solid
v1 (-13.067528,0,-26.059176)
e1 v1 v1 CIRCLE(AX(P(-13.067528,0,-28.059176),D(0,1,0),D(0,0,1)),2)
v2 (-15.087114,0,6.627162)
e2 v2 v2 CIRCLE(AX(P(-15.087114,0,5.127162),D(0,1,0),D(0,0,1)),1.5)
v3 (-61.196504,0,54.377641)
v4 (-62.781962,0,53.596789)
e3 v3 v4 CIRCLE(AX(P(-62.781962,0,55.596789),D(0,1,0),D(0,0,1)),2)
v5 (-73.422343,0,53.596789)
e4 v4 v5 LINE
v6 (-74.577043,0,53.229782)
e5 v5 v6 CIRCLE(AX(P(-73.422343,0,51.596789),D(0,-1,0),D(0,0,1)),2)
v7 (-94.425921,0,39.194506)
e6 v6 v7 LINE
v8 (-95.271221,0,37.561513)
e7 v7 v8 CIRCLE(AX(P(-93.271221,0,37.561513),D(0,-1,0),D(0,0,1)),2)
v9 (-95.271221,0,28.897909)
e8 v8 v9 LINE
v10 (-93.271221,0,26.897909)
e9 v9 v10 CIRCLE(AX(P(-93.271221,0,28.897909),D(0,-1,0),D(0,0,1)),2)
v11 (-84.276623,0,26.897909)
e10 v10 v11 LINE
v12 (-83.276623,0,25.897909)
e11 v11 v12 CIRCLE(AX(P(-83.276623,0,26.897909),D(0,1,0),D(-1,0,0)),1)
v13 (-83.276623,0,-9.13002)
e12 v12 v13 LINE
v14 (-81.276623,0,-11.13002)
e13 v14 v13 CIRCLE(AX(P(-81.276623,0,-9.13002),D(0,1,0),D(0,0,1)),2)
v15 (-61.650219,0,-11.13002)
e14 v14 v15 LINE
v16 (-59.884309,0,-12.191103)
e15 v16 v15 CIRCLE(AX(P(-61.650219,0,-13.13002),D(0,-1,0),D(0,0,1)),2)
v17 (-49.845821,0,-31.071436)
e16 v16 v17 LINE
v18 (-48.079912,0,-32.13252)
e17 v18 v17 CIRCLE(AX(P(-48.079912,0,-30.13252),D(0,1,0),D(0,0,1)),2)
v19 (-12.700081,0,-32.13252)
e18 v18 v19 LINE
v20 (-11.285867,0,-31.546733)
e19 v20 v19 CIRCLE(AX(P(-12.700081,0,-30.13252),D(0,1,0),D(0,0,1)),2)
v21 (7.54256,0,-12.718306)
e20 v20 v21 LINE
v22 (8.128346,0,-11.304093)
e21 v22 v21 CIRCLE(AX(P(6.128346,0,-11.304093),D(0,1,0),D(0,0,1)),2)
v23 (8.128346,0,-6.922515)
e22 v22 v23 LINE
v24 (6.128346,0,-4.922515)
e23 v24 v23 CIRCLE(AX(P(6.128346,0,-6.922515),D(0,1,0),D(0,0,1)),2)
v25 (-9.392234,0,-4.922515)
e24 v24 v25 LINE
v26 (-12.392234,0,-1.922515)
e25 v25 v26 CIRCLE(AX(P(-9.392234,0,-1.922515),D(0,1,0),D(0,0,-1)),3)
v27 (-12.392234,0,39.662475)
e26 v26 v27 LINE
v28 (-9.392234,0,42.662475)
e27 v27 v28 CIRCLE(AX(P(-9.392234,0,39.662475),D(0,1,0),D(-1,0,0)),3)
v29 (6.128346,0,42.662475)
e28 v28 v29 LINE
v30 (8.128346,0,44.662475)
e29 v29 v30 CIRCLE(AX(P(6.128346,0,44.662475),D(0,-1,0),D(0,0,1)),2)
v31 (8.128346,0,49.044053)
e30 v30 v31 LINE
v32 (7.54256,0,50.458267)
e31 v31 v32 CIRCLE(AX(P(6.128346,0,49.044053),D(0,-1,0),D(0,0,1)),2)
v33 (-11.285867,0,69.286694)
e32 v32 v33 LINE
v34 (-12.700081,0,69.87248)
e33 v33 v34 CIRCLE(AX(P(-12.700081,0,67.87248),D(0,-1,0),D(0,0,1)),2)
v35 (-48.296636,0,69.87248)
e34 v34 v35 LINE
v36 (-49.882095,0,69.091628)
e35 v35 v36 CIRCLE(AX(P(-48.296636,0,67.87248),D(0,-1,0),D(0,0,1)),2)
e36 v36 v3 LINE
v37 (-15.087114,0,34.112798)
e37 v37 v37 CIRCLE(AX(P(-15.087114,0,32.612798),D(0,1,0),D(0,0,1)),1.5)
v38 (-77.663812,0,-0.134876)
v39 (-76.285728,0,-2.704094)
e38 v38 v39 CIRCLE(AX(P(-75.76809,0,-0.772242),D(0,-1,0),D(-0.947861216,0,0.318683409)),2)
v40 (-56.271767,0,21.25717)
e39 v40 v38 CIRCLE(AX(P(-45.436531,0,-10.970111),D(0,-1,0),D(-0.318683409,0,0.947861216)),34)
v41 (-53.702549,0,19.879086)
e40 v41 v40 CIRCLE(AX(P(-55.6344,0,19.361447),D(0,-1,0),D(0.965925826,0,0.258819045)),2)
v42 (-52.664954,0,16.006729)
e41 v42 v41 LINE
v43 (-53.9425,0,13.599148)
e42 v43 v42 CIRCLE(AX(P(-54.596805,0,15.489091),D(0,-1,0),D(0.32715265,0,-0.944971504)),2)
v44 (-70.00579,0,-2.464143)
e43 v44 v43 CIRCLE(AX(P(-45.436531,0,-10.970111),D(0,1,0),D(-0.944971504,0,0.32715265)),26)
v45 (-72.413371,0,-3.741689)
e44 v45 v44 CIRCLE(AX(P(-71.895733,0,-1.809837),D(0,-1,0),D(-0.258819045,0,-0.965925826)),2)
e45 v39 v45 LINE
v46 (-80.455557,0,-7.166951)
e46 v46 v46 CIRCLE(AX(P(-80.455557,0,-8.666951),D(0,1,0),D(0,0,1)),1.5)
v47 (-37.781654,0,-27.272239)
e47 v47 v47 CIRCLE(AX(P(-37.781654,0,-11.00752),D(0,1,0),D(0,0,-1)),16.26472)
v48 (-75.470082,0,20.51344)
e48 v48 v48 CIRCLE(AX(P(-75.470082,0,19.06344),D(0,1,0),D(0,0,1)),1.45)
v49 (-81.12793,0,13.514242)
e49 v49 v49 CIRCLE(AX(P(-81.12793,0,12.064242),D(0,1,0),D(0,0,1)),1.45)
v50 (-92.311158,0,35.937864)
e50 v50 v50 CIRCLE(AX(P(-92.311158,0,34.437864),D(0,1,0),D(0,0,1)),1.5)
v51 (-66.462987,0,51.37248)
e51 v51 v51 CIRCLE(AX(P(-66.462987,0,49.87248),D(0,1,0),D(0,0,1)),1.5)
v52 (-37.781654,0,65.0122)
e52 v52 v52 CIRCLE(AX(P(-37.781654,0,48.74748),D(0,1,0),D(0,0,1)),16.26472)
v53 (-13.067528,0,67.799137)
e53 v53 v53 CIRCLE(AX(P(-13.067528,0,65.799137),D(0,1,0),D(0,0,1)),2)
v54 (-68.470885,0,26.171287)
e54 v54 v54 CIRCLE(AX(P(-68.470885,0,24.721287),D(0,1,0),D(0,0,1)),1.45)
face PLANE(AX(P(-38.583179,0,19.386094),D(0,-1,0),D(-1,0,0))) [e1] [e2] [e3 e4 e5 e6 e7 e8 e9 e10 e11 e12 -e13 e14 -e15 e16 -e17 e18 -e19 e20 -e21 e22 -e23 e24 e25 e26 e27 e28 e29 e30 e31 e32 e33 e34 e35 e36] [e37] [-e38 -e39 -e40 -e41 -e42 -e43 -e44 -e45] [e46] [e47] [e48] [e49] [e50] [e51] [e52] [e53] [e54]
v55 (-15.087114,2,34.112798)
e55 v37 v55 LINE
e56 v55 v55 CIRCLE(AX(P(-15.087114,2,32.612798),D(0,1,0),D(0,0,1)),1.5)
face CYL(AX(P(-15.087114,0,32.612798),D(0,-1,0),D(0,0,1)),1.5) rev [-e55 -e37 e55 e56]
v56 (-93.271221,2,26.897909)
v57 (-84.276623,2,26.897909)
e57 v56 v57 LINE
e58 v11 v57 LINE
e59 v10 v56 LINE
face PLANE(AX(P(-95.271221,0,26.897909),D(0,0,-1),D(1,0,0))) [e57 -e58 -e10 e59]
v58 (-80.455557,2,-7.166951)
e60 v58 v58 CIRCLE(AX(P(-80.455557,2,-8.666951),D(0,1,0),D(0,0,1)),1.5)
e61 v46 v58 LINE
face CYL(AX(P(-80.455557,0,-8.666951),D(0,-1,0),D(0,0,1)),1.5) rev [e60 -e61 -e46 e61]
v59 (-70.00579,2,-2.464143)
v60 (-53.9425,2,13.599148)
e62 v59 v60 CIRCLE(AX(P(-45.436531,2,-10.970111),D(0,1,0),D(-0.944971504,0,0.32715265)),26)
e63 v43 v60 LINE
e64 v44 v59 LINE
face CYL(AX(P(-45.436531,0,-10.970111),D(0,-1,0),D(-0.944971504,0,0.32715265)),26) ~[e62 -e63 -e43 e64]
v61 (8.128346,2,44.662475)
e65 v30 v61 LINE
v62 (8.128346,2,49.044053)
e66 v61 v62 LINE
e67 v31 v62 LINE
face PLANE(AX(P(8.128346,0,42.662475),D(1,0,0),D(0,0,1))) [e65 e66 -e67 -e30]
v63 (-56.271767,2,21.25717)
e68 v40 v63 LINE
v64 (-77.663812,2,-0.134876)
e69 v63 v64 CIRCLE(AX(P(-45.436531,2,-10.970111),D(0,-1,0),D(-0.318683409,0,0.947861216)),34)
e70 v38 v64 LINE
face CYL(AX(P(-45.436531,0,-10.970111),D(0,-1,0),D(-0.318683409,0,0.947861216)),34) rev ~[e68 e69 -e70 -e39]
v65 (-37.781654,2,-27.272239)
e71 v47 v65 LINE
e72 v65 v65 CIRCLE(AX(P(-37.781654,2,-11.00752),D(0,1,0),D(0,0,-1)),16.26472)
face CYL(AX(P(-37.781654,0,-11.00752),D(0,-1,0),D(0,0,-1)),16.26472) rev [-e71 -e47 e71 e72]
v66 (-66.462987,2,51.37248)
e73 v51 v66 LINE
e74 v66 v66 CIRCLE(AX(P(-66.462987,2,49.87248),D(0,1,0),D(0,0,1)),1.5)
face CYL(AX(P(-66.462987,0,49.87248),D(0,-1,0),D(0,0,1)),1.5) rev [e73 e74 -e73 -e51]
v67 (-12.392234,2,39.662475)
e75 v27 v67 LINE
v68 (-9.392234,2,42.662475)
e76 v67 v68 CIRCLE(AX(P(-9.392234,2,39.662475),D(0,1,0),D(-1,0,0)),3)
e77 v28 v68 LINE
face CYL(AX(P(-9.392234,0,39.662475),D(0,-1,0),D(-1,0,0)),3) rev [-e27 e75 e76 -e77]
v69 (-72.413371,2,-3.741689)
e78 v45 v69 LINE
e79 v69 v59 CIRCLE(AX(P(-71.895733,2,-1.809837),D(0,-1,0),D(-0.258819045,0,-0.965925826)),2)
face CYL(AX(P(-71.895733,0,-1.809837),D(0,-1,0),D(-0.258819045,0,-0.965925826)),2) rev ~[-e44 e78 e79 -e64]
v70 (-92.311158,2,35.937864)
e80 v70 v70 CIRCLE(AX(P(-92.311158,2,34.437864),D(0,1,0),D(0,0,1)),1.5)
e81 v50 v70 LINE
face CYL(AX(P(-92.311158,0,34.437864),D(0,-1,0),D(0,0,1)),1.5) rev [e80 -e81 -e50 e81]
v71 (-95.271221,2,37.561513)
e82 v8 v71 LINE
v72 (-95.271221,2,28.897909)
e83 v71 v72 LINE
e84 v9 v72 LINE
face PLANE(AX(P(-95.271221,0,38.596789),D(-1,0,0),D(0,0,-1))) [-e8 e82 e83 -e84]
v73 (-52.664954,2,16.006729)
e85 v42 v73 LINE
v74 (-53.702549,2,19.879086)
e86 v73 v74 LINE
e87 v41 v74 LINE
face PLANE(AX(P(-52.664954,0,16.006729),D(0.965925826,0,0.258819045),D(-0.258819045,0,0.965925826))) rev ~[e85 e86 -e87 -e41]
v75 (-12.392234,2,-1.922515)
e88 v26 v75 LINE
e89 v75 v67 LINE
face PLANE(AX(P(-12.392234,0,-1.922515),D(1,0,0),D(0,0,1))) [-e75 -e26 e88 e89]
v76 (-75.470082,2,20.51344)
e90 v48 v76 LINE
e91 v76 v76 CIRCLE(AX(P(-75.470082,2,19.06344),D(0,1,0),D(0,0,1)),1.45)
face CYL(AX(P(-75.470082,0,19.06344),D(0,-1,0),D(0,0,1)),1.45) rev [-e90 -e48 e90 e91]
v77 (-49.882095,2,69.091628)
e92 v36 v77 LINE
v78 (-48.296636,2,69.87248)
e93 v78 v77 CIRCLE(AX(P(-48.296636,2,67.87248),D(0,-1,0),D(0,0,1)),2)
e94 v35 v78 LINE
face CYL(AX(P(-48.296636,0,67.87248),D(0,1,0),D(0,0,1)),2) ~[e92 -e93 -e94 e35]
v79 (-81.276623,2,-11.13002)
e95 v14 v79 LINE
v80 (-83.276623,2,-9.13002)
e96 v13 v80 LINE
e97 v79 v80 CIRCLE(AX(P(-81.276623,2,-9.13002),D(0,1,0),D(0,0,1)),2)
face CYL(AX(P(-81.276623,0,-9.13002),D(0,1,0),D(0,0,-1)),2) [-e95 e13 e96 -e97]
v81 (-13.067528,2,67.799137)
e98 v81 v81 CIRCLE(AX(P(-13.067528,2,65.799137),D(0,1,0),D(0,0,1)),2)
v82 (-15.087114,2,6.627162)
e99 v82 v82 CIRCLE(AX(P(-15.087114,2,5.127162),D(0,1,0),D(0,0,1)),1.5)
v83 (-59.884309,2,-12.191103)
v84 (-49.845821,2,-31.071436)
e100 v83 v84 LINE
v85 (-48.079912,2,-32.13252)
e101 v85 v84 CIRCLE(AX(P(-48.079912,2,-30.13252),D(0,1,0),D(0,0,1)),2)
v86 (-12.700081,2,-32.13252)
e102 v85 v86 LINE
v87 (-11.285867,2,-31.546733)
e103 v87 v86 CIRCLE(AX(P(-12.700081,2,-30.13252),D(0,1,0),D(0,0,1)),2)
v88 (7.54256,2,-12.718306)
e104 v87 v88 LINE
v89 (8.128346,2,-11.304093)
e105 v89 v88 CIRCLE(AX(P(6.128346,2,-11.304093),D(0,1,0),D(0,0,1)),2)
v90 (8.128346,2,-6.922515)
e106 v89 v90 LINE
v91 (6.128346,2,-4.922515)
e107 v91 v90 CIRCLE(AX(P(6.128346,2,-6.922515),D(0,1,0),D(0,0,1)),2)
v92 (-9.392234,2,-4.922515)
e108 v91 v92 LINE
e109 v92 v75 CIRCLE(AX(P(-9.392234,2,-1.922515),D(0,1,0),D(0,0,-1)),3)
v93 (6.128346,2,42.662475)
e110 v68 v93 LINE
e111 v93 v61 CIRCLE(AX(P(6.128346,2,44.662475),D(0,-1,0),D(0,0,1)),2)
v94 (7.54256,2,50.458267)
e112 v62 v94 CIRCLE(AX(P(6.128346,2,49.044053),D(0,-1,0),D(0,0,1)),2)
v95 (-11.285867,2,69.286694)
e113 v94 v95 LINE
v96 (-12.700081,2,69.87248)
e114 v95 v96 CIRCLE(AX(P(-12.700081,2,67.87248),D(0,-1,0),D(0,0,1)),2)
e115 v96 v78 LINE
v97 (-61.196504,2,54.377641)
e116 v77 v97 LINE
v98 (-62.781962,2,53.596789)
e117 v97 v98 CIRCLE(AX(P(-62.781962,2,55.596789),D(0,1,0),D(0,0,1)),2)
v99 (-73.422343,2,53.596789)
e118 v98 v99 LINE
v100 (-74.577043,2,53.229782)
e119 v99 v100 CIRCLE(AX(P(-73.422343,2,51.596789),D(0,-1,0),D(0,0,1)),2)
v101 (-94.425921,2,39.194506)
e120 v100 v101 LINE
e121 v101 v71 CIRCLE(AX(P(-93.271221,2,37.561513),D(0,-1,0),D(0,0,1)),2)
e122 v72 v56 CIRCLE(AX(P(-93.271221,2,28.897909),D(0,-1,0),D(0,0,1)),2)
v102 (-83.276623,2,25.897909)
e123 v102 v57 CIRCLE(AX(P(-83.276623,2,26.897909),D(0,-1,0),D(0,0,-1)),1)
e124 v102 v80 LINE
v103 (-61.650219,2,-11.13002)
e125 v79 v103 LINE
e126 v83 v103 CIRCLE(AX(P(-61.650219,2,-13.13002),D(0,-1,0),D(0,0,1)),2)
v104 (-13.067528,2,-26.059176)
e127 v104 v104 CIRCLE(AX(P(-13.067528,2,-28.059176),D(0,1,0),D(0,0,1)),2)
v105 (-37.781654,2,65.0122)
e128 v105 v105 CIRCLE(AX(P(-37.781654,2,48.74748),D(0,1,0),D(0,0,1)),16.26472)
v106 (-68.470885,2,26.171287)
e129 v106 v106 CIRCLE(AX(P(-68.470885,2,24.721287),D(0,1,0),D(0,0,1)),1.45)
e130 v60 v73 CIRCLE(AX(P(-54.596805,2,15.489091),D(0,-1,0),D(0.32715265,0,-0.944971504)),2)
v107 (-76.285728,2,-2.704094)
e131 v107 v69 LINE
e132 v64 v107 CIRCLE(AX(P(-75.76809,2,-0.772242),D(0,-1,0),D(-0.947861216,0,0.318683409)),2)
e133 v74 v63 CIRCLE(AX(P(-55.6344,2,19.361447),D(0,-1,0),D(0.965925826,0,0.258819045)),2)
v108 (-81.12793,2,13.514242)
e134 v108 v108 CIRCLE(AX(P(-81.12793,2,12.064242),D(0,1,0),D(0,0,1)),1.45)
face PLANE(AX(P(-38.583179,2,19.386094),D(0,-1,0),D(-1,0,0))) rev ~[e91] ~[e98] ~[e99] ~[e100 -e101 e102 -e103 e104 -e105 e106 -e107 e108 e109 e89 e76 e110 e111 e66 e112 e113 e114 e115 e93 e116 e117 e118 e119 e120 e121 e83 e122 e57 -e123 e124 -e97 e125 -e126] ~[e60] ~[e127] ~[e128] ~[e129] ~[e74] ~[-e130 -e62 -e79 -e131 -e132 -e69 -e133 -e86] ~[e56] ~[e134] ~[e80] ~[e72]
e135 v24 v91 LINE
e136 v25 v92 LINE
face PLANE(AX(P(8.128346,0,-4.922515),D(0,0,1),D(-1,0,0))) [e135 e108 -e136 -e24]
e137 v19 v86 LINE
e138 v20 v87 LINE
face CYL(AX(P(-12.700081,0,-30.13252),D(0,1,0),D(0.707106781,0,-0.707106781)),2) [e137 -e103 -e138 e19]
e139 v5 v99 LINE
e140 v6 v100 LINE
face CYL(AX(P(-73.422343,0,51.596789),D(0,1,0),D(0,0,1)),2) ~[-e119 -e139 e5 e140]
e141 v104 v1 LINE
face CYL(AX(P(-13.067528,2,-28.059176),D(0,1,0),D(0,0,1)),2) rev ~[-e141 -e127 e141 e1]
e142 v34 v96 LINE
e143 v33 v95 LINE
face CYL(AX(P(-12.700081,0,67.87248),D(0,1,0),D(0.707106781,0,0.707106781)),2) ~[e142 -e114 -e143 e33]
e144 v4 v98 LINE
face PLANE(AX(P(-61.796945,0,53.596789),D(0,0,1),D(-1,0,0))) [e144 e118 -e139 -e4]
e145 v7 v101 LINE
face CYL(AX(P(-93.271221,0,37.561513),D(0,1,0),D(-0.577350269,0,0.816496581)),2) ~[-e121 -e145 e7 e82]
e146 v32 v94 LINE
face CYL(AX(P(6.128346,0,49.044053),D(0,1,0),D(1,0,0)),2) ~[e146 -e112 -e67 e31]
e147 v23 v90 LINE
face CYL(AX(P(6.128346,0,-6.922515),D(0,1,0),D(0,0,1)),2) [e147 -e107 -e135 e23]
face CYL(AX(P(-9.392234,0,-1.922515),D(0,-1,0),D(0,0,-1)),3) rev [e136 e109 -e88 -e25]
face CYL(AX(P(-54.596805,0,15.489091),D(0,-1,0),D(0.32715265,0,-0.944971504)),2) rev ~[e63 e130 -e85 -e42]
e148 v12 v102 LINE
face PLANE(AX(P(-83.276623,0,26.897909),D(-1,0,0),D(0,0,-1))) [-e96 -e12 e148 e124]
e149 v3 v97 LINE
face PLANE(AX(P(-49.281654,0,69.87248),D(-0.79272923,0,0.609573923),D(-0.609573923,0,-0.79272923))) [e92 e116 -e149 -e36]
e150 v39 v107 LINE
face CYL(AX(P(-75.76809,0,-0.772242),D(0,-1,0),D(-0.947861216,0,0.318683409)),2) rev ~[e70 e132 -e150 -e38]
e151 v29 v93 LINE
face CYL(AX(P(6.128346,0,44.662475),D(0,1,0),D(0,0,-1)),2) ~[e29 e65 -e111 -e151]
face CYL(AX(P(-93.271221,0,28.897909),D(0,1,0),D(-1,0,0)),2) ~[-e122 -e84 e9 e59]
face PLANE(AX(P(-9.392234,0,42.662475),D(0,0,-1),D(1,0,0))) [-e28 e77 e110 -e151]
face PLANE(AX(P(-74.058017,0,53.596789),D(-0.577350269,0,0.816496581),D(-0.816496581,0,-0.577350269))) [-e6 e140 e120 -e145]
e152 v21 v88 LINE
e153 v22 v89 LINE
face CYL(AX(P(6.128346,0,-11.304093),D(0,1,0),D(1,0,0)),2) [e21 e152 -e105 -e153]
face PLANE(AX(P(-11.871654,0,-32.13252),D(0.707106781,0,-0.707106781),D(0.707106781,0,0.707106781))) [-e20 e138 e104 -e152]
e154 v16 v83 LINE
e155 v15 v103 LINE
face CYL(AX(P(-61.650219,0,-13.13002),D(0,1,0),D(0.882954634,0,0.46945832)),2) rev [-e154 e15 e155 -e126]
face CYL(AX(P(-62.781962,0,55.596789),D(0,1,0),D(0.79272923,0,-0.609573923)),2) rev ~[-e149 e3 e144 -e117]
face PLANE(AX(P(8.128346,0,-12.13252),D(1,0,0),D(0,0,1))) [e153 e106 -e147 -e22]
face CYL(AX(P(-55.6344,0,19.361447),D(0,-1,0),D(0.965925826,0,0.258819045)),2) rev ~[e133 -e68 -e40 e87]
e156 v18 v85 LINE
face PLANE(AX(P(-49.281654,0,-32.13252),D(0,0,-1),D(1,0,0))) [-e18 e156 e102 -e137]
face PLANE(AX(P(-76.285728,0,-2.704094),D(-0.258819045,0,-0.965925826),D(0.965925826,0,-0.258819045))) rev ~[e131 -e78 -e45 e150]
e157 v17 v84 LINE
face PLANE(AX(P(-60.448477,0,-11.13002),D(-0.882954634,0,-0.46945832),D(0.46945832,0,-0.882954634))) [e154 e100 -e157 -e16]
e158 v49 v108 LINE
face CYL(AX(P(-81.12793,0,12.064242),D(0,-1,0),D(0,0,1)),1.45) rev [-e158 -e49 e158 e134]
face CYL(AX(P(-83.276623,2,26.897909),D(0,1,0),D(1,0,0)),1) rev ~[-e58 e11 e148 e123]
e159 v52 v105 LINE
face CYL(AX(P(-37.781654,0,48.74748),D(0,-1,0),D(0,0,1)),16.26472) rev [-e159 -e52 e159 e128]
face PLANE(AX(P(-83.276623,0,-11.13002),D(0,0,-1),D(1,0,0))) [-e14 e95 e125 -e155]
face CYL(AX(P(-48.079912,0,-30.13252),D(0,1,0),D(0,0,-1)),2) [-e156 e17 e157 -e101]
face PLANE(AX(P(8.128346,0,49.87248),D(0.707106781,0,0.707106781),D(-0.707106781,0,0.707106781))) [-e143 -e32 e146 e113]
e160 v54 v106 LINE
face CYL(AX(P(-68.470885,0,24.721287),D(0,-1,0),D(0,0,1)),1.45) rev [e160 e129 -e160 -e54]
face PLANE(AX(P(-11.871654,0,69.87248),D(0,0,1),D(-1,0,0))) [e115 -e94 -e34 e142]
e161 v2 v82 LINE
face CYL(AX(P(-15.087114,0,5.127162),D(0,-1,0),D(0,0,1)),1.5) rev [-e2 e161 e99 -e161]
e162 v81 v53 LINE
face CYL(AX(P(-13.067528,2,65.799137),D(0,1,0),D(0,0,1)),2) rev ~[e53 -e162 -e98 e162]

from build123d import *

# Parameters (mm, degrees)
SKETCH1_R           = 16.264719519
SKETCH1_R_2         = 1.5
SKETCH1_R_3         = 1.45
BOSS_EXTRUDE1_DEPTH = 2
SKETCH2_R           = 2
CUT_EXTRUDE1_DEPTH  = 119.16416129
FILLET1_R           = 2
SKETCH3_R           = 1
CUT_EXTRUDE2_DEPTH  = 10


with BuildPart() as part:
    # Sketch1 → Boss-Extrude1 (new body)
    with BuildSketch(Plane(origin=(0, 0, 0), x_dir=(1, 0, 0), z_dir=(0, 1, 0))):
        with BuildLine():
            Line((-12.392234006, -6.981301864), (-12.392234006, -30.758658484))
            Line((-12.392234006, -30.758658484), (-12.392234006, -37.869980174))
            Line((-12.392234006, -37.869980174), (-12.392234006, -39.662475092))
            ThreePointArc((-12.392234006, -39.662475092), (-11.513554349, -41.783795436), (-9.392234006, -42.662475092))
            Line((-9.392234006, -42.662475092), (8.128346254, -42.662475092))
            Line((8.128346254, -42.662475092), (8.128346254, -49.872480174))
            Line((8.128346254, -49.872480174), (-11.871653746, -69.872480174))
            Line((-11.871653746, -69.872480174), (-49.281653746, -69.872480174))
            Line((-49.281653746, -69.872480174), (-61.796944846, -53.596788721))
            Line((-61.796944846, -53.596788721), (-74.058017443, -53.596788721))
            Line((-74.058017443, -53.596788721), (-95.271220878, -38.596788721))
            Line((-95.271220878, -38.596788721), (-95.271220878, -26.897908721))
            Line((-95.271220878, -26.897908721), (-84.130114655, -26.897908721))
            Line((-84.130114655, -26.897908721), (-83.276622696, -26.897908721))
            Line((-83.276622696, -26.897908721), (-83.276622696, 11.130019826))
            Line((-83.276622696, 11.130019826), (-60.448477034, 11.130019826))
            Line((-60.448477034, 11.130019826), (-49.281653746, 32.132519826))
            Line((-49.281653746, 32.132519826), (-11.871653746, 32.132519826))
            Line((-11.871653746, 32.132519826), (8.128346254, 12.132519826))
            Line((8.128346254, 12.132519826), (8.128346254, 4.922514744))
            Line((8.128346254, 4.922514744), (-9.392234006, 4.922514744))
            ThreePointArc((-9.392234006, 4.922514744), (-11.513554349, 4.043835088), (-12.392234006, 1.922514744))
            Line((-12.392234006, 1.922514744), (-12.392234006, 0.130019826))
            Line((-12.392234006, 0.130019826), (-12.392234006, -6.981301864))
        make_face()
        with Locations(Location((-37.781653746, -48.747480173, 0), (0, 0, 270))):
            Circle(SKETCH1_R, mode=Mode.SUBTRACT)
        with Locations(Location((-37.781653746, 11.007519825, 0), (0, 0, 90))):
            Circle(SKETCH1_R, mode=Mode.SUBTRACT)
        with Locations(Location((-15.087114055, -5.127161907, 0), (0, 0, 270))):
            Circle(SKETCH1_R_2, mode=Mode.SUBTRACT)
        with Locations(Location((-15.087114055, -32.612798441, 0), (0, 0, 270))):
            Circle(SKETCH1_R_2, mode=Mode.SUBTRACT)
        with Locations(Location((-81.12792954, -12.064242343, 0), (0, 0, 270))):
            Circle(SKETCH1_R_3, mode=Mode.SUBTRACT)
        with Locations(Location((-75.470082252, -19.063439731, 0), (0, 0, 270))):
            Circle(SKETCH1_R_3, mode=Mode.SUBTRACT)
        with Locations(Location((-68.470884865, -24.721287018, 0), (0, 0, 270))):
            Circle(SKETCH1_R_3, mode=Mode.SUBTRACT)
        with Locations(Location((-92.311157954, -34.437864429, 0), (0, 0, 270))):
            Circle(SKETCH1_R_2, mode=Mode.SUBTRACT)
        with Locations(Location((-66.462987255, -49.872480174, 0), (0, 0, 270))):
            Circle(SKETCH1_R_2, mode=Mode.SUBTRACT)
        with Locations(Location((-80.455556672, 8.666951386, 0), (0, 0, 270))):
            Circle(SKETCH1_R_2, mode=Mode.SUBTRACT)
        with BuildLine():
            Line((-52.664953624, -16.00672876), (-53.702548501, -19.879085561))
            ThreePointArc((-53.702548501, -19.879085561), (-54.689042095, -21.123916801), (-56.271766971, -21.257169903))
            ThreePointArc((-56.271766971, -21.257169903), (-69.478161637, -13.071519115), (-77.663812425, 0.13487555))
            ThreePointArc((-77.663812425, 0.13487555), (-77.530559323, 1.717600427), (-76.285728083, 2.70409402))
            Line((-76.285728083, 2.70409402), (-72.413371282, 3.741688898))
            ThreePointArc((-72.413371282, 3.741688898), (-70.958270463, 3.576518776), (-70.005790184, 2.464142545))
            ThreePointArc((-70.005790184, 2.464142545), (-63.821307387, -7.414664865), (-53.942499976, -13.599147662))
            ThreePointArc((-53.942499976, -13.599147662), (-52.830123745, -14.551627941), (-52.664953624, -16.00672876))
        make_face(mode=Mode.SUBTRACT)
    extrude(amount=BOSS_EXTRUDE1_DEPTH)

    # Sketch2 → Cut-Extrude1 (cut, through all)
    with BuildSketch(Plane(origin=(0, 2, 0), x_dir=(1, 0, 0), z_dir=(0, 1, 0))):
        with Locations(Location((-13.067528443, -65.799136603, 0), (0, 0, 270))):
            Circle(SKETCH2_R)
        with Locations(Location((-13.067528443, 28.059176255, 0), (0, 0, 270))):
            Circle(SKETCH2_R)
    extrude(amount=-CUT_EXTRUDE1_DEPTH, mode=Mode.SUBTRACT)

    # Fillet1
    fillet1_edges = [part.edges().sort_by_distance(p)[0] for p in [
        (-49.281653746, 1, -32.132519826),
        (-11.871653746, 1, -32.132519826),
        (8.128346254, 1, -12.132519826),
        (8.128346254, 1, -4.922514744),
        (8.128346254, 1, 42.662475092),
        (8.128346254, 1, 49.872480174),
        (-11.871653746, 1, 69.872480174),
        (-49.281653746, 1, 69.872480174),
        (-61.796944846, 1, 53.596788721),
        (-74.058017443, 1, 53.596788721),
        (-95.271220878, 1, 38.596788721),
        (-95.271220878, 1, 26.897908721),
        (-83.276622696, 1, -11.130019826),
        (-60.448477034, 1, -11.130019826),
    ]]
    fillet(fillet1_edges, radius=FILLET1_R)

    # Sketch3 → Cut-Extrude2 (cut)
    with BuildSketch(Plane(origin=(0, 2, 0), x_dir=(1, 0, 0), z_dir=(0, 1, 0))):
        with Locations((-83.276622696, -26.897908721)):
            Circle(SKETCH3_R)
    extrude(amount=-CUT_EXTRUDE2_DEPTH, mode=Mode.SUBTRACT)


solid = part.part
